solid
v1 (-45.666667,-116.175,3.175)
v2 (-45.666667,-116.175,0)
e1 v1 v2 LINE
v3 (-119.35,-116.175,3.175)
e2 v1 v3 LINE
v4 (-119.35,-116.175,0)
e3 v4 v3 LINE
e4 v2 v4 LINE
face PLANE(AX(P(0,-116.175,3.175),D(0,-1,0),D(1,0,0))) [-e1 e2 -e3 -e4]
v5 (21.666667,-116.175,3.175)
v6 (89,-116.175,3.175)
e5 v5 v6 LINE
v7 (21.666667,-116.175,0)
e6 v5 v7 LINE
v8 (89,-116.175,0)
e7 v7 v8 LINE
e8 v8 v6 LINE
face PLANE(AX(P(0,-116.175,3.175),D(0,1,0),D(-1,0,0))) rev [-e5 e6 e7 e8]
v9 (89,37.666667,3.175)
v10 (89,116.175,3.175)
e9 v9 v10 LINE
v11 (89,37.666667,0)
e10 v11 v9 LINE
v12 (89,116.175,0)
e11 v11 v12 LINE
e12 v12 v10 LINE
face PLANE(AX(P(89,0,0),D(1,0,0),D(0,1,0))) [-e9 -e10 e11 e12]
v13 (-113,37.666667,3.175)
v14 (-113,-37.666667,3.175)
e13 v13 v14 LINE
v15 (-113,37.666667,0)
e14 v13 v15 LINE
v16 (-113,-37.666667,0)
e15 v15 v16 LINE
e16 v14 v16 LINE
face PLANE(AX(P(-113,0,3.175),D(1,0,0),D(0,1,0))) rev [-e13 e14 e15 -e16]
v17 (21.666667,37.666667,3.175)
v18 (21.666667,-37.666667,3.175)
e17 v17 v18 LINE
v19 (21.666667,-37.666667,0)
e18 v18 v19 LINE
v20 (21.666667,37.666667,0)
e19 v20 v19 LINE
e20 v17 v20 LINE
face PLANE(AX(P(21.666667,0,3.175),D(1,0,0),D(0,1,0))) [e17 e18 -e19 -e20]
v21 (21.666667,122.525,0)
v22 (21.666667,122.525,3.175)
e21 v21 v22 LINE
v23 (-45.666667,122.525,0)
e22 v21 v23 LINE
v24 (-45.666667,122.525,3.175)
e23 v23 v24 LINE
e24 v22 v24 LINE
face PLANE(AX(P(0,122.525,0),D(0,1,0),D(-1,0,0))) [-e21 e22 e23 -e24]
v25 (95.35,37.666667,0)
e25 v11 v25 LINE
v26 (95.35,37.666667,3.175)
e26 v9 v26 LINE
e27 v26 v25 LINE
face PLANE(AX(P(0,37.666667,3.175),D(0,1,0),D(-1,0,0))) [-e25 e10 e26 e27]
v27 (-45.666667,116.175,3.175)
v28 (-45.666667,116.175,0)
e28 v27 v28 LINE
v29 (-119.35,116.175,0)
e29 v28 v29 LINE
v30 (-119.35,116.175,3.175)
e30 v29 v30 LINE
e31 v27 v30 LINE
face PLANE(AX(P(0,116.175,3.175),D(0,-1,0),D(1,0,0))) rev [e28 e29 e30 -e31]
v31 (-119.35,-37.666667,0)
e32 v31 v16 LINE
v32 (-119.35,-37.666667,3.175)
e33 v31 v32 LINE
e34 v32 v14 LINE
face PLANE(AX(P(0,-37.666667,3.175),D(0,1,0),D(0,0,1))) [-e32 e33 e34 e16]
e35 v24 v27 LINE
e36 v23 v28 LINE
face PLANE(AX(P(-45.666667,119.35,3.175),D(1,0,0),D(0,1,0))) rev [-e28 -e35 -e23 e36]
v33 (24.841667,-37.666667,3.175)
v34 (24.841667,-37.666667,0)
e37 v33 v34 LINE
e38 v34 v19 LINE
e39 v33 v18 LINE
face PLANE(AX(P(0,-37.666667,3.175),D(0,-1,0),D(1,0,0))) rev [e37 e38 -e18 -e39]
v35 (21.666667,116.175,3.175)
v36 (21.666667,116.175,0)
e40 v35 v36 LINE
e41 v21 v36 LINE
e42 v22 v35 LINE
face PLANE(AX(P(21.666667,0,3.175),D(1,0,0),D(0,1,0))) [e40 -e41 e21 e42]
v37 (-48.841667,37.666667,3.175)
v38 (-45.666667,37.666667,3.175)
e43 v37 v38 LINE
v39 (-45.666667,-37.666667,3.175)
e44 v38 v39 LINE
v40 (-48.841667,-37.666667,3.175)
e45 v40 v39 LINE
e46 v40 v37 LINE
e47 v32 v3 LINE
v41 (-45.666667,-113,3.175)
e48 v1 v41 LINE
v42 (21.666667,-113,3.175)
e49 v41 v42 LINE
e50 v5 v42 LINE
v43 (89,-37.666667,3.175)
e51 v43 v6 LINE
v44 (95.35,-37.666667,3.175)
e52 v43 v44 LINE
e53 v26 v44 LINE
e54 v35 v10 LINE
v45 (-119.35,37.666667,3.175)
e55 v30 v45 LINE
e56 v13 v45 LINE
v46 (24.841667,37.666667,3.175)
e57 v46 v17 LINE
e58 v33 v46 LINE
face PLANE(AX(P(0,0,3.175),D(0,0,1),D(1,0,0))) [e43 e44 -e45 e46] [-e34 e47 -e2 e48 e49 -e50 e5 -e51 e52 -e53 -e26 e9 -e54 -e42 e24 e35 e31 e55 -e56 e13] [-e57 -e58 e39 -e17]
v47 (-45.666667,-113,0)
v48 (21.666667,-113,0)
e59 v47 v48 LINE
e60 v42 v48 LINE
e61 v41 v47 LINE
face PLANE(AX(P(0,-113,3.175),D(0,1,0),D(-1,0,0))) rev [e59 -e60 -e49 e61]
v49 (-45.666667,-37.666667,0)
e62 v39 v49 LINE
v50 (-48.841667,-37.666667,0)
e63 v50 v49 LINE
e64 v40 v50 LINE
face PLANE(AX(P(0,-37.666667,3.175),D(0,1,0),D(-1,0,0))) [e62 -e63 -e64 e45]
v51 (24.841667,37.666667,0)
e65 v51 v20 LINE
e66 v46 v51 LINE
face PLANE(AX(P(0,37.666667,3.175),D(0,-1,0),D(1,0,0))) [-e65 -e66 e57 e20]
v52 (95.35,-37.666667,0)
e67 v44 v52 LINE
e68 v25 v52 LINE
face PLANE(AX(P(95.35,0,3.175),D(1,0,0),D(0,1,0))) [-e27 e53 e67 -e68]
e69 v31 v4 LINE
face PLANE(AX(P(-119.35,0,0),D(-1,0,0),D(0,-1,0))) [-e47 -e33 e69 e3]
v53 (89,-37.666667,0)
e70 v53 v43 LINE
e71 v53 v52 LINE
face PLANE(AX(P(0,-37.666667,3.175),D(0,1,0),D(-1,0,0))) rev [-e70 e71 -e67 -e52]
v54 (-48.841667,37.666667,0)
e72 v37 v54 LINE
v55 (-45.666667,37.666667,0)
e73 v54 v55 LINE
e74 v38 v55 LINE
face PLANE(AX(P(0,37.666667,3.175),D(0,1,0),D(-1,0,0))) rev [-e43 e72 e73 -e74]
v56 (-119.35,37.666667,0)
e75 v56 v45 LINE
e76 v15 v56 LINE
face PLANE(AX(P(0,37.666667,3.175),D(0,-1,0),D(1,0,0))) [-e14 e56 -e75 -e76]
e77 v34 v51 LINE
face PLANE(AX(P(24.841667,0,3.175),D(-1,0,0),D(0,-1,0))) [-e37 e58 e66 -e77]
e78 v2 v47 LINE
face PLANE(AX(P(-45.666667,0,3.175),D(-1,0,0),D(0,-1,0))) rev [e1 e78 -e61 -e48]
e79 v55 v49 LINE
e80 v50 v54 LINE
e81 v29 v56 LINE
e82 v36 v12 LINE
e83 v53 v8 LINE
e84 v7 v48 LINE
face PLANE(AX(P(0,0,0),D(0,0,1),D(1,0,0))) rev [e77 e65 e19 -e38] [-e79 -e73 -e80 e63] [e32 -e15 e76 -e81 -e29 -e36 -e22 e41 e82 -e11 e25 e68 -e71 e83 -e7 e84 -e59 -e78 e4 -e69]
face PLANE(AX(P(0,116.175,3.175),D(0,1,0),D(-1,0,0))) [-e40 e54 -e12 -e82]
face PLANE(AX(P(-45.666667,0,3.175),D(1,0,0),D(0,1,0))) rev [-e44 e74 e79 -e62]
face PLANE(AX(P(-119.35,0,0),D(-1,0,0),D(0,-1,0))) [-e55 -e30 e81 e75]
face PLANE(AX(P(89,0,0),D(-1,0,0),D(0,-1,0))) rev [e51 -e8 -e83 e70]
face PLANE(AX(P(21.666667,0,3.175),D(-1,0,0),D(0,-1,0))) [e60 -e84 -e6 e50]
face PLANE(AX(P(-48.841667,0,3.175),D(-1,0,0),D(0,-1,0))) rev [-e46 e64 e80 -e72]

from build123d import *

# Parameters (mm, degrees)
SKETCH2_W           = 3.175
SKETCH2_H           = 75.333333334
BOSS_EXTRUDE1_DEPTH = 3.175
SKETCH3_W           = 3.175
SKETCH3_H           = 78.508333333
SKETCH3_W_2         = 67.333333334
SKETCH3_H_2         = 3.175
BOSS_EXTRUDE2_DEPTH = 3.175
SKETCH4_W           = 3.175
SKETCH4_H           = 78.508333333
CUT_EXTRUDE1_DEPTH  = 3.175


with BuildPart() as part:
    # Sketch2 → Boss-Extrude1 (new body)
    with BuildSketch(Plane.XY):
        Polygon((-113, 37.666666667), (-113, -37.666666667), (-116.175, -37.666666667), (-116.175, -116.175), (-45.666666667, -116.175), (-45.666666667, -113), (21.666666667, -113), (21.666666667, -116.175), (92.175, -116.175), (92.175, -37.666666667), (95.35, -37.666666667), (95.35, 37.666666667), (92.175, 37.666666667), (92.175, 116.175), (21.666666667, 116.175), (21.666666667, 119.35), (-45.666666667, 119.35), (-45.666666667, 116.175), (-116.175, 116.175), (-116.175, 37.666666667), align=None)
        with Locations((23.254166667, 0)):
            Rectangle(SKETCH2_W, SKETCH2_H, mode=Mode.SUBTRACT)
        with Locations((-47.254166667, 0)):
            Rectangle(SKETCH2_W, SKETCH2_H, mode=Mode.SUBTRACT)
    extrude(amount=BOSS_EXTRUDE1_DEPTH)

    # Sketch3 → Boss-Extrude2 (add)
    with BuildSketch(Plane.XY.offset(3.175)):
        with Locations((-117.7625, 76.920833334)):
            Rectangle(SKETCH3_W, SKETCH3_H)
        with Locations((-117.7625, -76.920833334)):
            Rectangle(SKETCH3_W, SKETCH3_H)
        with Locations((-12, 120.9375)):
            Rectangle(SKETCH3_W_2, SKETCH3_H_2)
    extrude(amount=-BOSS_EXTRUDE2_DEPTH)

    # Sketch4 → Cut-Extrude1 (cut)
    with BuildSketch(Plane.XY.offset(3.175)):
        with Locations((90.5875, 76.920833334)):
            Rectangle(SKETCH4_W, SKETCH4_H)
        with Locations((90.5875, -76.920833334)):
            Rectangle(SKETCH4_W, SKETCH4_H)
    extrude(amount=-CUT_EXTRUDE1_DEPTH, mode=Mode.SUBTRACT)


solid = part.part
